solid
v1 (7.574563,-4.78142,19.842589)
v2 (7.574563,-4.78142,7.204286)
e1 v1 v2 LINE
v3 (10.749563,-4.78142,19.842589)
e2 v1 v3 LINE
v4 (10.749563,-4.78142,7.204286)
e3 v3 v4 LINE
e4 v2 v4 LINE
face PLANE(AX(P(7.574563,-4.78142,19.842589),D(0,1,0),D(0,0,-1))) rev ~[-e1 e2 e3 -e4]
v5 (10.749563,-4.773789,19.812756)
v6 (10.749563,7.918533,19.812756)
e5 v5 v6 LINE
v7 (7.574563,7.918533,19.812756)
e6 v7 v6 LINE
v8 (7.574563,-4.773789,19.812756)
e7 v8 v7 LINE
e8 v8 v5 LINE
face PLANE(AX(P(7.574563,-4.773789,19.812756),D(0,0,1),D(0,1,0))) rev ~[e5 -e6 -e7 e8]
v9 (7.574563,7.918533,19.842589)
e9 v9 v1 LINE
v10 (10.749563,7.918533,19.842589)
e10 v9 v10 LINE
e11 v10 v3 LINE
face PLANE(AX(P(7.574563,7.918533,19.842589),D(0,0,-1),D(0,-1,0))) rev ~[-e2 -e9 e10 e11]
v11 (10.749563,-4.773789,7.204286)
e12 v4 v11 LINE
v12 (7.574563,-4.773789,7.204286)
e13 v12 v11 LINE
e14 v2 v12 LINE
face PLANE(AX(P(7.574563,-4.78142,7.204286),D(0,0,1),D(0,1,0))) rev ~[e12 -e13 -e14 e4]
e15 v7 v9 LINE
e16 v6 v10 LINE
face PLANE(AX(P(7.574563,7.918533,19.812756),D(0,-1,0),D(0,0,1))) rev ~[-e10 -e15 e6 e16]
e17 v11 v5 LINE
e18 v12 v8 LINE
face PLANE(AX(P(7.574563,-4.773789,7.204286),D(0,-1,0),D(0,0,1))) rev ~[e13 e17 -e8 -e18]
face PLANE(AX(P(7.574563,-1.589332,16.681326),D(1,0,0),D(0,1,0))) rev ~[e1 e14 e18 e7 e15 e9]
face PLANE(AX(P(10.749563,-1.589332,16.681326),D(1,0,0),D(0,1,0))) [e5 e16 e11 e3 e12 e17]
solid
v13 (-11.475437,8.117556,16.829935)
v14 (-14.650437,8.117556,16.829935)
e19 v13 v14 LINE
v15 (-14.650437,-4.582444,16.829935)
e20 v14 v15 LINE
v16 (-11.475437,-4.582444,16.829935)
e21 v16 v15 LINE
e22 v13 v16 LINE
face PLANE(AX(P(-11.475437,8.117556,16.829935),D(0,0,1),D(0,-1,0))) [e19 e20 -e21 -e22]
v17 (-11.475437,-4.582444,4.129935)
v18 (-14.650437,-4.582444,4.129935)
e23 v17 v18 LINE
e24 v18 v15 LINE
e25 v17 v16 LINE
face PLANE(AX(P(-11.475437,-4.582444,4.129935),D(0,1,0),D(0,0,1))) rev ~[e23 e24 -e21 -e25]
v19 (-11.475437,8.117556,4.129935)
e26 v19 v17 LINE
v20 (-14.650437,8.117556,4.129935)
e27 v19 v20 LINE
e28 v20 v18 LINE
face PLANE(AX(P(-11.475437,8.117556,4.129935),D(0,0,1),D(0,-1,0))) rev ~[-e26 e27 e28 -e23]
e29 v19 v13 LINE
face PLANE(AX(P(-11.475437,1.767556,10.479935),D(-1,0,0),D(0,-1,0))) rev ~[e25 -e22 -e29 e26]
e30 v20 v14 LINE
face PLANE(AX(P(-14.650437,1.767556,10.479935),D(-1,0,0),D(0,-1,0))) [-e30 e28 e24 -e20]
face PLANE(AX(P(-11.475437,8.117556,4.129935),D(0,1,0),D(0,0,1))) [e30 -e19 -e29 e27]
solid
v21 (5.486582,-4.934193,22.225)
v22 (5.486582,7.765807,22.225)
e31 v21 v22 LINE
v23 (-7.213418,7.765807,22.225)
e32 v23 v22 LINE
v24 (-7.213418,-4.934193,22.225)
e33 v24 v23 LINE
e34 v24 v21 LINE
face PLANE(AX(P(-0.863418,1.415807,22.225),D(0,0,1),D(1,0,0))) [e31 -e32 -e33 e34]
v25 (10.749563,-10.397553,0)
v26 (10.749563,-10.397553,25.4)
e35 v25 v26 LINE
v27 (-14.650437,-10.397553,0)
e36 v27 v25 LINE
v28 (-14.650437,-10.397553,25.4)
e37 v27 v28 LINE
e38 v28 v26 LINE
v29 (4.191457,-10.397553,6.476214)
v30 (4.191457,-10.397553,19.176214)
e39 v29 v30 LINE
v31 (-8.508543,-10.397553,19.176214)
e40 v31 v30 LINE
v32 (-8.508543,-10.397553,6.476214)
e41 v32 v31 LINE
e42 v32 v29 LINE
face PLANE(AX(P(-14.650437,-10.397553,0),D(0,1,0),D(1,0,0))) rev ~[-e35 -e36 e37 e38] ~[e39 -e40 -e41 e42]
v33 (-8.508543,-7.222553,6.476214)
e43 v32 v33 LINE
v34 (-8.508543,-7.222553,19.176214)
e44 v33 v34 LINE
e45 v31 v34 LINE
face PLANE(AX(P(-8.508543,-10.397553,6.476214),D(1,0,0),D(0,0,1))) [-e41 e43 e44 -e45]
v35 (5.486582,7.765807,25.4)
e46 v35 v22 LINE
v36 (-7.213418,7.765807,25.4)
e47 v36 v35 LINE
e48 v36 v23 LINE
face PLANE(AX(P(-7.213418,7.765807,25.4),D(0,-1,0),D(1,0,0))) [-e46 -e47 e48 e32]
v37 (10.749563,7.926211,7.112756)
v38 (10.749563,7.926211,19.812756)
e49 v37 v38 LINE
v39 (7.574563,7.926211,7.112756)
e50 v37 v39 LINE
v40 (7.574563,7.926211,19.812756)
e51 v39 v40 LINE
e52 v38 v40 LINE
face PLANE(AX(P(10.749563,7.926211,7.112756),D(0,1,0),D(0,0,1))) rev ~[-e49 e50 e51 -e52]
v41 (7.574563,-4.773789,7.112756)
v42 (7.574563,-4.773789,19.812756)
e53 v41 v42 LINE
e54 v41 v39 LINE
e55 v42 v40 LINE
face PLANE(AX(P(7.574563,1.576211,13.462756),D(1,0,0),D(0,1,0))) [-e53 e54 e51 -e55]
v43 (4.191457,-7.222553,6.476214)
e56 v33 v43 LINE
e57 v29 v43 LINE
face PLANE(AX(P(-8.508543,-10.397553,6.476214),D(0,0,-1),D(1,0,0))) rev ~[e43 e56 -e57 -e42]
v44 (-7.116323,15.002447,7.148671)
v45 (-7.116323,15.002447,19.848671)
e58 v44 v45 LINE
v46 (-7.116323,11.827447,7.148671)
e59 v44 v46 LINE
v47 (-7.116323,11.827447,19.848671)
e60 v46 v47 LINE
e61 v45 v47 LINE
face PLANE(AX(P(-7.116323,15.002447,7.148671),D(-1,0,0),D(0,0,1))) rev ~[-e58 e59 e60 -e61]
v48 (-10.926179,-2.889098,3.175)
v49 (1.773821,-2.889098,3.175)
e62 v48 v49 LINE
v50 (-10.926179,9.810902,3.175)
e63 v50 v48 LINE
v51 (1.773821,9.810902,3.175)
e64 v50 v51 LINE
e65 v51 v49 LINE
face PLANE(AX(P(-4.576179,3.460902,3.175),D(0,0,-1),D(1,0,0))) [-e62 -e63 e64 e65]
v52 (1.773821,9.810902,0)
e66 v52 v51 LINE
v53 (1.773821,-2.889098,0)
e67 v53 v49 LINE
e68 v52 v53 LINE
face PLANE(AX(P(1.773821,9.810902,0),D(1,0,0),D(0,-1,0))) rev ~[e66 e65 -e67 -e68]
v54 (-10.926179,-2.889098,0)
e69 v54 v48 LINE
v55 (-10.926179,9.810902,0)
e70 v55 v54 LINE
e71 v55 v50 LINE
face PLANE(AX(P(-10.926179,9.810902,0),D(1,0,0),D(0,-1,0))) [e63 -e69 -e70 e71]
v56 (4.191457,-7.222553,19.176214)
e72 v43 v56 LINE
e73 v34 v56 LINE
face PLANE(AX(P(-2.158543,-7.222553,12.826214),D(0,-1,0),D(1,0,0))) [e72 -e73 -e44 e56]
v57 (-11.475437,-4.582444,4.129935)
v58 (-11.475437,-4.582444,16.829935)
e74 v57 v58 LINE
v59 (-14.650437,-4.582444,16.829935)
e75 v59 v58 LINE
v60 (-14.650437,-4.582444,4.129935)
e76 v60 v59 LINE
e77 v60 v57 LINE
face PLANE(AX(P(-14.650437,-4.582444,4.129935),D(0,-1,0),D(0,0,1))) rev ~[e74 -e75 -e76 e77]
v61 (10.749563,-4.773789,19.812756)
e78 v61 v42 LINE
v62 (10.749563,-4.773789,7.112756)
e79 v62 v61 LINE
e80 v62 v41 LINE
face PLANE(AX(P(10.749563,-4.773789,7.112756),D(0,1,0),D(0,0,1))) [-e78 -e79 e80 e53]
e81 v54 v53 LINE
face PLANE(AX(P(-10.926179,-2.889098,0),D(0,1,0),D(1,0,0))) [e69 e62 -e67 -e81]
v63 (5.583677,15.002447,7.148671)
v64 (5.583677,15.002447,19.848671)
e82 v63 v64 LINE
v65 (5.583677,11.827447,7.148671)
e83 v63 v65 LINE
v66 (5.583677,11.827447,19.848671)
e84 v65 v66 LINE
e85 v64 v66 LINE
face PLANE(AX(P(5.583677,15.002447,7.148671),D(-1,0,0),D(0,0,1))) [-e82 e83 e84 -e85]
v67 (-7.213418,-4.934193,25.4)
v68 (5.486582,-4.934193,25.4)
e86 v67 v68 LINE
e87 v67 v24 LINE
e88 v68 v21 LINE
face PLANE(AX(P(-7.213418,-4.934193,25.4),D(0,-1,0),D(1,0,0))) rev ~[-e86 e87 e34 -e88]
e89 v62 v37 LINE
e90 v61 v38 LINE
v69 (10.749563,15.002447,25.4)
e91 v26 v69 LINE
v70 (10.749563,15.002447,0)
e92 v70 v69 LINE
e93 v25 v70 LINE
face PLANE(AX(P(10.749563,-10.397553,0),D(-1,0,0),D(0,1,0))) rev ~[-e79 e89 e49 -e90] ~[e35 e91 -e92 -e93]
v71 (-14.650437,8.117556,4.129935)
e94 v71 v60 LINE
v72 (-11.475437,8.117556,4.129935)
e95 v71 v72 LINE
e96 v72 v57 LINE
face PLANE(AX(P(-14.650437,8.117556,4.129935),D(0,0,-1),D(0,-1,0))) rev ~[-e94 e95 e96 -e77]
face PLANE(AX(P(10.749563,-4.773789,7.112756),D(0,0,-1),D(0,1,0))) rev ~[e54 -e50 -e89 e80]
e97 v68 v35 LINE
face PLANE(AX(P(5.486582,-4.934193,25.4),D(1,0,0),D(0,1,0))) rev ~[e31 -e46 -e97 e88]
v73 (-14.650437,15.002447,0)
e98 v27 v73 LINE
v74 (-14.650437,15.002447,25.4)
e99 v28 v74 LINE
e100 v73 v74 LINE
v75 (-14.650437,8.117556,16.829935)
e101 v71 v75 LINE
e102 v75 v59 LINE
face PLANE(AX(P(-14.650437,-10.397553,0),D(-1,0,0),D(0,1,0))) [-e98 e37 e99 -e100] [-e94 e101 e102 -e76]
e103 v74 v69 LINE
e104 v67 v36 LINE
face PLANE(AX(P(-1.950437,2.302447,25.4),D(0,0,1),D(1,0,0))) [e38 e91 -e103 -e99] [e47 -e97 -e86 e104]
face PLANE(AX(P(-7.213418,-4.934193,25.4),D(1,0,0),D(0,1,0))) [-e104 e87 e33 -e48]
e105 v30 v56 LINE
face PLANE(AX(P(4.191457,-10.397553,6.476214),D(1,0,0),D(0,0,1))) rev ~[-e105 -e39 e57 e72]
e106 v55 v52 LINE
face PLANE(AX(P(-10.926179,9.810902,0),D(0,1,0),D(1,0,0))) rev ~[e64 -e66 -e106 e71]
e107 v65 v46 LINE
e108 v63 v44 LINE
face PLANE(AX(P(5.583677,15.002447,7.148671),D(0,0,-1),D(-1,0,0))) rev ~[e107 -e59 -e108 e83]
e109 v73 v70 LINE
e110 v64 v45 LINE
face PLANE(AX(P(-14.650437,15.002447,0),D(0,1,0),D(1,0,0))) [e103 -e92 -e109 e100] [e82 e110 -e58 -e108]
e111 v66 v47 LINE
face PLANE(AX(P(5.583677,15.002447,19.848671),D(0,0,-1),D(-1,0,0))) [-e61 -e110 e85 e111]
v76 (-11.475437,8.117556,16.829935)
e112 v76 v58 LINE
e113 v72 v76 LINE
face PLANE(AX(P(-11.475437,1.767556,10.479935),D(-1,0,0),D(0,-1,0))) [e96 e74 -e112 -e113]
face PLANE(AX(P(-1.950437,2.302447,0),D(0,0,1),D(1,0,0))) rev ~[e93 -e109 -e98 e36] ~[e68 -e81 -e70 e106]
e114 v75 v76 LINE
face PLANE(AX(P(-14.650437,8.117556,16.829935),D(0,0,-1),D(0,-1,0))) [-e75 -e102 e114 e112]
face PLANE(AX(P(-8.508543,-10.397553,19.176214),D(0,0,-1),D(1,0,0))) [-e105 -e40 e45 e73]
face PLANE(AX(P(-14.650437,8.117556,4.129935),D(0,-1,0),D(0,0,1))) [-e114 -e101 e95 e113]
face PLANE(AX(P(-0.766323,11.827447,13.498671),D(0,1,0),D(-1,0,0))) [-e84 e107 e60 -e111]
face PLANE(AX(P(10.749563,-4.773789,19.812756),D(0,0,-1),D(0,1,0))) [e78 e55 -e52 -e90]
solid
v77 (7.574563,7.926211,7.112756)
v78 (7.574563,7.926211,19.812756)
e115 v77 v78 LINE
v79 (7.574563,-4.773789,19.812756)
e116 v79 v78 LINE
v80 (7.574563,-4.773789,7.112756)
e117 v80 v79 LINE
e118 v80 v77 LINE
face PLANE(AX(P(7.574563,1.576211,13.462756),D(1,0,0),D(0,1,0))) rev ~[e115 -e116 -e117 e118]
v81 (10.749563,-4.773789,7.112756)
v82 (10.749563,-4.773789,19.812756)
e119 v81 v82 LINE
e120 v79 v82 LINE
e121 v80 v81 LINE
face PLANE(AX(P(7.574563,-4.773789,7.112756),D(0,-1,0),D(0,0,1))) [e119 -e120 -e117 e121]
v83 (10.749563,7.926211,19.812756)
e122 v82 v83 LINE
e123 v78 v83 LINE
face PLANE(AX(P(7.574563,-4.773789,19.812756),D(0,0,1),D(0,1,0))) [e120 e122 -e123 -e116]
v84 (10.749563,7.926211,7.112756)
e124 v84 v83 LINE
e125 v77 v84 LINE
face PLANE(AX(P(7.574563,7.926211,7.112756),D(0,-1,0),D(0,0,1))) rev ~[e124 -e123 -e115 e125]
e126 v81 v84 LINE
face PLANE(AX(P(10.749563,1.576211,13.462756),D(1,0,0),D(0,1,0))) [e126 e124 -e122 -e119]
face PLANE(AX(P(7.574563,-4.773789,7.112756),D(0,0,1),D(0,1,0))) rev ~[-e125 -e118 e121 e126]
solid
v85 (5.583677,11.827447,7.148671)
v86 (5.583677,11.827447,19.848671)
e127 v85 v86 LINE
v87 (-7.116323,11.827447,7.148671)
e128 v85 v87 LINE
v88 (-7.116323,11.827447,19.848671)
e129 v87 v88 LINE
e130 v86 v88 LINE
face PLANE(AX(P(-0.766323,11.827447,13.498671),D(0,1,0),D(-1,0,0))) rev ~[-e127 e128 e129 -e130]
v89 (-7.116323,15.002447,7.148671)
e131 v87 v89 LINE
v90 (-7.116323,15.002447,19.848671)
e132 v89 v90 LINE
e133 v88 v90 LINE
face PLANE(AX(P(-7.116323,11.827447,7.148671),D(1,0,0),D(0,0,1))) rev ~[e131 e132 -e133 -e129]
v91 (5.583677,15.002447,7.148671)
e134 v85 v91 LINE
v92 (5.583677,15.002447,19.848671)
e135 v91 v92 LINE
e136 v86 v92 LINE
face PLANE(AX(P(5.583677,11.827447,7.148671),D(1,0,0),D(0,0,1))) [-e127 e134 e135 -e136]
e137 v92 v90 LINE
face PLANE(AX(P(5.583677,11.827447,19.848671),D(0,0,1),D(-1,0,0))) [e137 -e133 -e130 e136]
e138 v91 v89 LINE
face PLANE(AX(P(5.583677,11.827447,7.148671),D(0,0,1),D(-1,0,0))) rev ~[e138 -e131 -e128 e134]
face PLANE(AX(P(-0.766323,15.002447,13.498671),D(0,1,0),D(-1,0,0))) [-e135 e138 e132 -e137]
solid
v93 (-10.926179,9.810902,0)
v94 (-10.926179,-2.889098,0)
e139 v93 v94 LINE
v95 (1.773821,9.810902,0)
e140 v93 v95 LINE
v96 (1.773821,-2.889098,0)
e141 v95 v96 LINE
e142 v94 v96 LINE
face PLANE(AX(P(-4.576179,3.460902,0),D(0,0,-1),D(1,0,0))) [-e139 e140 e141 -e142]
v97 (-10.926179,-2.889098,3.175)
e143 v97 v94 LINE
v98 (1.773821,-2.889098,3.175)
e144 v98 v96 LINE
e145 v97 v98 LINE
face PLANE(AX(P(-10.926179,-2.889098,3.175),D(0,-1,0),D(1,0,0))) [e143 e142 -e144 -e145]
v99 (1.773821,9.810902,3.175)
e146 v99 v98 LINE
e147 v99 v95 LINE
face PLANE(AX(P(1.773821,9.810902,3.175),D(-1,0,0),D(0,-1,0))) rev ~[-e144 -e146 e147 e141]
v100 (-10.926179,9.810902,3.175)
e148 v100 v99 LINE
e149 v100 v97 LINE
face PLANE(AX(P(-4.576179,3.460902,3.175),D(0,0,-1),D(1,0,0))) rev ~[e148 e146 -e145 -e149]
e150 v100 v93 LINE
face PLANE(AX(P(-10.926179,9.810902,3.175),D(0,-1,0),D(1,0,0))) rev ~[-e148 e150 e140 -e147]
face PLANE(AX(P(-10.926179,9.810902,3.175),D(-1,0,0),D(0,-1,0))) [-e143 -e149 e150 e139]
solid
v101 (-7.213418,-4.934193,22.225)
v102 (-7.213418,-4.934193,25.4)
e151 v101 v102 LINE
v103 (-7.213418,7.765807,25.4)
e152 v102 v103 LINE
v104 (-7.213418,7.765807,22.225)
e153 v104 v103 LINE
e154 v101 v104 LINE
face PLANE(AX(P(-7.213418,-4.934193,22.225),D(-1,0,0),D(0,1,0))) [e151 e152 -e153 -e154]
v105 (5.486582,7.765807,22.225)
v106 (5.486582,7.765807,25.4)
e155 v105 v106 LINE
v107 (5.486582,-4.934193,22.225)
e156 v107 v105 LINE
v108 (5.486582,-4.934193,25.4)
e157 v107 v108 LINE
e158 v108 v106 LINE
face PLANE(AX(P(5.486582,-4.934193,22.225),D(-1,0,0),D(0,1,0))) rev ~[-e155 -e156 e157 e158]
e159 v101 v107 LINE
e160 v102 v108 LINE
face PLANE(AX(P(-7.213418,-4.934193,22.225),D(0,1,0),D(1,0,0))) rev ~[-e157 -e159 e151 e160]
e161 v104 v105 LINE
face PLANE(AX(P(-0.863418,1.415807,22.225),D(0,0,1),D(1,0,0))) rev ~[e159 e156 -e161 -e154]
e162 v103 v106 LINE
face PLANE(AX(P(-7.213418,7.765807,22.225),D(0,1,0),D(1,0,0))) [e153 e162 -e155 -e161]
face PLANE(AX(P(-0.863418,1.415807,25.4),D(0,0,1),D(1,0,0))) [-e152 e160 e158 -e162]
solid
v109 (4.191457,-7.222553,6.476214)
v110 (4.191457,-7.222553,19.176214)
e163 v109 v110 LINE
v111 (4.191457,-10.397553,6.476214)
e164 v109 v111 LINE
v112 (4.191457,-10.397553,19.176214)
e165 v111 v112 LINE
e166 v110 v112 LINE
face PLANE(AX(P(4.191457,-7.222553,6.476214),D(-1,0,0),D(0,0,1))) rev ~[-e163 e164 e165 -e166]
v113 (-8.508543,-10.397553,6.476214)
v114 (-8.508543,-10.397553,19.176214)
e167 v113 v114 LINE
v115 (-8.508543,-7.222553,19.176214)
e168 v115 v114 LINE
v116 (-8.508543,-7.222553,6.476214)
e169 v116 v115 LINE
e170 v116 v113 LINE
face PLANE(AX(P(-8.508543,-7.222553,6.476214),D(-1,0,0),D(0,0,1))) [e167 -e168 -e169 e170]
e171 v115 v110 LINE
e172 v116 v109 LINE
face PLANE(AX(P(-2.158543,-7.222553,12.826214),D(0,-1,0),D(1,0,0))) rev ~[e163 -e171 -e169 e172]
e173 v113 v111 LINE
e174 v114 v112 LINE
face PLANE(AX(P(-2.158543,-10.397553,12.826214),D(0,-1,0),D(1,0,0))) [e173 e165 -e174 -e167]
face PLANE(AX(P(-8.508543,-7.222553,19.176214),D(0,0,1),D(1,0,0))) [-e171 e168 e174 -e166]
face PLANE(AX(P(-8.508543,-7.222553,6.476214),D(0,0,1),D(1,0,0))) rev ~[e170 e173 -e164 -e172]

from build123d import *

# Parameters (mm, degrees)
F0_W      = 25.4
F0_H      = 25.4
F1_DEPTH  = 25.4
F2_W      = 12.7
F2_H      = 12.7
F3_DEPTH  = 3.175
F4_W      = 12.7
F4_H      = 12.7
F5_DEPTH  = 3.175
F6_W      = 12.7
F6_H      = 12.7
F7_DEPTH  = 3.175
F8_W      = 12.7
F8_H      = 12.7
F9_DEPTH  = 3.175
F10_W     = 12.7
F10_H     = 12.7
F11_DEPTH = 3.175
F12_W     = 12.7
F12_H     = 12.7
F13_DEPTH = 3.175
F15_DEPTH = 3.175
F16_W     = 12.7
F16_H     = 12.7
F17_DEPTH = 3.175
F18_W     = 12.7
F18_H     = 12.7
F19_DEPTH = 3.175
F20_W     = 12.7
F20_H     = 12.7
F21_DEPTH = 3.175
F22_W     = 12.7
F22_H     = 12.7
F23_DEPTH = 3.175
F24_W     = 12.7
F24_H     = 12.7
F25_DEPTH = 3.175
F26_W     = 12.7
F26_H     = 12.7
F27_DEPTH = 3.175


with BuildPart() as f1:
    # F0 (on Top) → F1 (new body)
    with BuildSketch(Plane.XY):
        with Locations((-1.9504367398, 2.3024473339)):
            Rectangle(F0_W, F0_H)
    extrude(amount=F1_DEPTH)

    # F2 (on face) → F3 (cut)
    with BuildSketch(Plane.XY.offset(25.4)):
        with Locations((-0.8634175174, 1.4158068735)):
            Rectangle(F2_W, F2_H)
    extrude(amount=-F3_DEPTH, mode=Mode.SUBTRACT)

    # F4 (on face) → F5 (cut)
    with BuildSketch(Plane.XZ.offset(10.3975526661)):
        with Locations((-2.158543095, 12.826214382)):
            Rectangle(F4_W, F4_H)
    extrude(amount=-F5_DEPTH, mode=Mode.SUBTRACT)

    # F6 (on face) → F7 (cut)
    with BuildSketch(Plane(origin=(-14.6504367398, 0, 0), x_dir=(0, -1, 0), z_dir=(-1, 0, 0))):
        with Locations((-1.7675558338, 10.4799354449)):
            Rectangle(F6_W, F6_H)
    extrude(amount=-F7_DEPTH, mode=Mode.SUBTRACT)

    # F8 (on face) → F9 (cut)
    with BuildSketch(Plane.YZ.offset(10.7495632602)):
        with Locations((1.576210605, 13.4627558291)):
            Rectangle(F8_W, F8_H)
    extrude(amount=-F9_DEPTH, mode=Mode.SUBTRACT)

    # F10 (on face) → F11 (cut)
    with BuildSketch(Plane(origin=(0, 0, 0), x_dir=(1, 0, 0), z_dir=(0, 0, -1))):
        with Locations((-4.5761787333, -3.4609017894)):
            Rectangle(F10_W, F10_H)
    extrude(amount=-F11_DEPTH, mode=Mode.SUBTRACT)

    # F12 (on face) → F13 (cut)
    with BuildSketch(Plane(origin=(0, 15.0024473339, 0), x_dir=(-1, 0, 0), z_dir=(0, 1, 0))):
        with Locations((0.7663230645, 13.4986708872)):
            Rectangle(F12_W, F12_H)
    extrude(amount=-F13_DEPTH, mode=Mode.SUBTRACT)


with BuildPart() as f15:
    # F14 (on face) → F15 (new body)
    with BuildSketch(Plane.YZ.offset(7.5745632602)):
        Polygon((7.9185329378, 19.842589274), (-4.781419877, 19.842589274), (-4.781419877, 7.2042862885), (-4.773789395, 7.2042862885), (-4.773789395, 19.8127558291), (7.9185329378, 19.8127558291), align=None)
    extrude(amount=F15_DEPTH)


with BuildPart() as f17:
    # F16 (on face) → F17 (new body)
    with BuildSketch(Plane.XY.offset(22.225)):
        with Locations((-0.8634175174, 1.4158068735)):
            Rectangle(F16_W, F16_H)
    extrude(amount=F17_DEPTH)


with BuildPart() as f19:
    # F18 (on face) → F19 (new body)
    with BuildSketch(Plane.YZ.offset(7.5745632602)):
        with Locations((1.576210605, 13.4627558291)):
            Rectangle(F18_W, F18_H)
    extrude(amount=F19_DEPTH)


with BuildPart() as f21:
    # F20 (on face) → F21 (new body)
    with BuildSketch(Plane.XZ.offset(7.2225526661)):
        with Locations((-2.158543095, 12.826214382)):
            Rectangle(F20_W, F20_H)
    extrude(amount=F21_DEPTH)


with BuildPart() as f23:
    # F22 (on face) → F23 (new body)
    with BuildSketch(Plane(origin=(-11.4754367398, 0, 0), x_dir=(0, -1, 0), z_dir=(-1, 0, 0))):
        with Locations((-1.7675558338, 10.4799354449)):
            Rectangle(F22_W, F22_H)
    extrude(amount=F23_DEPTH)


with BuildPart() as f25:
    # F24 (on face) → F25 (new body)
    with BuildSketch(Plane(origin=(0, 11.8274473339, 0), x_dir=(-1, 0, 0), z_dir=(0, 1, 0))):
        with Locations((0.7663230645, 13.4986708872)):
            Rectangle(F24_W, F24_H)
    extrude(amount=F25_DEPTH)


with BuildPart() as f27:
    # F26 (on face) → F27 (new body)
    with BuildSketch(Plane(origin=(0, 0, 3.175), x_dir=(1, 0, 0), z_dir=(0, 0, -1))):
        with Locations((-4.5761787333, -3.4609017894)):
            Rectangle(F26_W, F26_H)
    extrude(amount=F27_DEPTH)


solid = Compound([f1.part, f15.part, f17.part, f19.part, f21.part, f23.part, f25.part, f27.part])
